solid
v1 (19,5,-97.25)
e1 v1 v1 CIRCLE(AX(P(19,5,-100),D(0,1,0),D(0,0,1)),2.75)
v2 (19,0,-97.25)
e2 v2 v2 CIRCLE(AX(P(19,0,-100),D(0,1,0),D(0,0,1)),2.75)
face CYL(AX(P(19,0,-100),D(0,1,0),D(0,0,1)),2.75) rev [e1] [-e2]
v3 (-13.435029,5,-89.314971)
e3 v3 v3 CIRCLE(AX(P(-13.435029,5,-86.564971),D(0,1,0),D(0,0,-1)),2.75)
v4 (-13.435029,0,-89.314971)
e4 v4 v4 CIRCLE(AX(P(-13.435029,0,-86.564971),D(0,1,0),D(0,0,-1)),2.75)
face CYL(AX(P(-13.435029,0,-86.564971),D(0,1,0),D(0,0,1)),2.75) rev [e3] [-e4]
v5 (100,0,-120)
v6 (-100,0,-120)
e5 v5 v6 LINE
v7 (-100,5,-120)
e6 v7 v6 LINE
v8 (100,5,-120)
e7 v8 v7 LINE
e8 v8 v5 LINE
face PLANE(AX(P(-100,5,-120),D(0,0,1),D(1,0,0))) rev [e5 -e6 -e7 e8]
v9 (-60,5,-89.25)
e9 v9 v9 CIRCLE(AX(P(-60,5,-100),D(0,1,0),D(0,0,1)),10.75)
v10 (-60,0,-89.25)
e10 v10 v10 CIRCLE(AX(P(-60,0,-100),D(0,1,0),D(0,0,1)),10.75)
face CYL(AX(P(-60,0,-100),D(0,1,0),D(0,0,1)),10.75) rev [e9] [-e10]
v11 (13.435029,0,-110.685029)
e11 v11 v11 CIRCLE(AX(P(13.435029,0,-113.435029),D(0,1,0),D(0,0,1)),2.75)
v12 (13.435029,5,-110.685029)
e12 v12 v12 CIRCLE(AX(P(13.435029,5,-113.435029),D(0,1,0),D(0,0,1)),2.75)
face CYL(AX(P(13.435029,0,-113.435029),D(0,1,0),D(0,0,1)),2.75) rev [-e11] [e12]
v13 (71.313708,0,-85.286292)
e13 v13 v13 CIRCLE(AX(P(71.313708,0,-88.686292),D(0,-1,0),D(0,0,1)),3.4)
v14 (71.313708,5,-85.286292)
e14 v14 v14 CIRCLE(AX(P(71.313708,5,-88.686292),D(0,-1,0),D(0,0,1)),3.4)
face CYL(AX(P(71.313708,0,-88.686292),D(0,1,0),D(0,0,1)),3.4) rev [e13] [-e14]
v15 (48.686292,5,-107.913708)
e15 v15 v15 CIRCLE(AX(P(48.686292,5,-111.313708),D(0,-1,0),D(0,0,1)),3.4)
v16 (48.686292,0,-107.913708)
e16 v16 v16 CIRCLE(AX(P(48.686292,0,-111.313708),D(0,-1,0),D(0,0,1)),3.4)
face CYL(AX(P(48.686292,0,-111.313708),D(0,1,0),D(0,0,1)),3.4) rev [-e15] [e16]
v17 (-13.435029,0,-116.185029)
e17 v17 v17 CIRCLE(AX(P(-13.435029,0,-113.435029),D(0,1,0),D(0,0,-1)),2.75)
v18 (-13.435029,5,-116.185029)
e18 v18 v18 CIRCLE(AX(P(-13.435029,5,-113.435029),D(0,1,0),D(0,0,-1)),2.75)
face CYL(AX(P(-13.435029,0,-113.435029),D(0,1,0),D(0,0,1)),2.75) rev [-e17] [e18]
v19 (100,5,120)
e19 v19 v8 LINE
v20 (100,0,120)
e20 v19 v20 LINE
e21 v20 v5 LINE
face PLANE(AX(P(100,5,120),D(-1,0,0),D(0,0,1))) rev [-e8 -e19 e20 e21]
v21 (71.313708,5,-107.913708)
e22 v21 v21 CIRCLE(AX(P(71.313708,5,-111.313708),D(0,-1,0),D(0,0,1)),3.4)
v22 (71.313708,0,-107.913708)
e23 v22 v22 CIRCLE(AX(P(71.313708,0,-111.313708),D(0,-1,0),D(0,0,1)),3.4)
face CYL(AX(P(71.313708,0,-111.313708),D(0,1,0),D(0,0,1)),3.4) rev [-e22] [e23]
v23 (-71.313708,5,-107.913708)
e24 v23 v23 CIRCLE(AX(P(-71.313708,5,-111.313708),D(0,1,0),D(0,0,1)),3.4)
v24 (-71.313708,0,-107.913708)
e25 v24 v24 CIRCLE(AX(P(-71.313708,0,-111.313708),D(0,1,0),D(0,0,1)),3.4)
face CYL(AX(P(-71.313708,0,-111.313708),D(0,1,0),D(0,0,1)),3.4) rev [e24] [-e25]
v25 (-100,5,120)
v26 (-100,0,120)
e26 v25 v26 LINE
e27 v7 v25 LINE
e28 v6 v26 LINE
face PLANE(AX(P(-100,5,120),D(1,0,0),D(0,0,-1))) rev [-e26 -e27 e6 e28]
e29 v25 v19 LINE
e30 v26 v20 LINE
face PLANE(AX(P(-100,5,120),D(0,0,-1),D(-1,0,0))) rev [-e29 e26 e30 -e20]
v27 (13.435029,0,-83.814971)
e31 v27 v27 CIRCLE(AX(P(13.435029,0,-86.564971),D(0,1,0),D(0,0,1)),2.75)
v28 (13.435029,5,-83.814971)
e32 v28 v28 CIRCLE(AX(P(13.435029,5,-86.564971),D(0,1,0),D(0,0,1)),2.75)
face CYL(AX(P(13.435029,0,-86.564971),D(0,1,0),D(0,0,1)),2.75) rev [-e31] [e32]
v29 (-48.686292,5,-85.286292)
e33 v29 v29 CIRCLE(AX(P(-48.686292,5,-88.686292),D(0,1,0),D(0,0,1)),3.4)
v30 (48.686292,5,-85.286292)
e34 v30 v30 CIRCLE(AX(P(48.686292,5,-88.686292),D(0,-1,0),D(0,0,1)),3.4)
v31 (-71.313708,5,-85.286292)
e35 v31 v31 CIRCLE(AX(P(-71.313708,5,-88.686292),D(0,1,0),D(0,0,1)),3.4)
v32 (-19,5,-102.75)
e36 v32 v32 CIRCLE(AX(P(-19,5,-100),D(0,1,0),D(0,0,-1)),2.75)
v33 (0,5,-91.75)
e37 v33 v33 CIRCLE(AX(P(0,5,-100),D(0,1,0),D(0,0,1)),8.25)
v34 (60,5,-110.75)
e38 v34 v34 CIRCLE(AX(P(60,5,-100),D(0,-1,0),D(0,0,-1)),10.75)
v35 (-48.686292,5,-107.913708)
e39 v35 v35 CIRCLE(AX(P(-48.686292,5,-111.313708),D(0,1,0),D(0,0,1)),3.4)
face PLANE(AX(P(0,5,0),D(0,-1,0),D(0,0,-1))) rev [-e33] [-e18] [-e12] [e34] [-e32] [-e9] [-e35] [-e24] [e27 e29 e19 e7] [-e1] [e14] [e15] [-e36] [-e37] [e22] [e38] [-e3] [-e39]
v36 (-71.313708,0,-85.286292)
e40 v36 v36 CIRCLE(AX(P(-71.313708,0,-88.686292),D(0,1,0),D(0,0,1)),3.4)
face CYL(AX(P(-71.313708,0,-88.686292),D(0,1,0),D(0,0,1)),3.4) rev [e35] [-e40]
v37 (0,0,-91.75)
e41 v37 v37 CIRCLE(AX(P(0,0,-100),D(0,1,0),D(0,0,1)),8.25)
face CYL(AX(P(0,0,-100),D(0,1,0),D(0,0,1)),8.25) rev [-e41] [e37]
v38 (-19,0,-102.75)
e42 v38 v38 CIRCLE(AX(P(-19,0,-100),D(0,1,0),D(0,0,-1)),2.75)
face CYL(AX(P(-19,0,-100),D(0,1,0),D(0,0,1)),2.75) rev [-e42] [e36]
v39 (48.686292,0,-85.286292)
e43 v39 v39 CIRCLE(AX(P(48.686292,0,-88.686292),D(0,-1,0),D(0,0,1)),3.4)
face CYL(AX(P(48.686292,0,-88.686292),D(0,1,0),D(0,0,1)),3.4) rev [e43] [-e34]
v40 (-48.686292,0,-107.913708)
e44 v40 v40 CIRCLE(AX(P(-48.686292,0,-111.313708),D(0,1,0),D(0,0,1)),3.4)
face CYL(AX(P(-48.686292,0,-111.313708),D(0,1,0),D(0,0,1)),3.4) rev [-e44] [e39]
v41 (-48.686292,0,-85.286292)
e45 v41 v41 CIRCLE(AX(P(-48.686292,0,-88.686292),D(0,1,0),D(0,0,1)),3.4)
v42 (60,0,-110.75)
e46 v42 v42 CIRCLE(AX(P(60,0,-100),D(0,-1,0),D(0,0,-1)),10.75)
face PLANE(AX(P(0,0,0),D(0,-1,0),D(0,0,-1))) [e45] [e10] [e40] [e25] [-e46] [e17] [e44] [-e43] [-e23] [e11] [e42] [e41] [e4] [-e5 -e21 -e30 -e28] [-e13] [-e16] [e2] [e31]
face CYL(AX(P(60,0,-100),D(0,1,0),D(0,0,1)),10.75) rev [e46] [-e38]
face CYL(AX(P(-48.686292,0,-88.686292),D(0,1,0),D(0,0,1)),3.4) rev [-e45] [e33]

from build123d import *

# Parameters (mm, degrees)
SKETCH1_W           = 200
SKETCH1_H           = 240
BOSS_EXTRUDE1_DEPTH = 5
SKETCH3_R           = 8.25
CUT_EXTRUDE1_DEPTH  = 6
SKETCH4_R           = 2.75
CUT_EXTRUDE2_DEPTH  = 6
SKETCH5_R           = 10.75
CUT_EXTRUDE4_DEPTH  = 6
SKETCH6_R           = 3.4
CUT_EXTRUDE5_DEPTH  = 6


with BuildPart() as part:
    # Sketch1 → Boss-Extrude1 (new body)
    with BuildSketch(Plane(origin=(0, 0, 0), x_dir=(1, 0, 0), z_dir=(0, 1, 0))):
        Rectangle(SKETCH1_W, SKETCH1_H)
    extrude(amount=BOSS_EXTRUDE1_DEPTH)

    # Sketch3 → Cut-Extrude1 (cut, through all)
    with BuildSketch(Plane(origin=(0, 5, 0), x_dir=(1, 0, 0), z_dir=(0, 1, 0))):
        with Locations((0, 100)):
            Circle(SKETCH3_R)
    extrude(amount=-CUT_EXTRUDE1_DEPTH, mode=Mode.SUBTRACT)

    # Sketch4 → Cut-Extrude2 (cut, through all)
    with BuildSketch(Plane(origin=(0, 5, 0), x_dir=(1, 0, 0), z_dir=(0, 1, 0))):
        with Locations((19, 100)):
            Circle(SKETCH4_R)
        with Locations((13.435028843, 113.435028843)):
            Circle(SKETCH4_R)
        with Locations((13.435028843, 86.564971157)):
            Circle(SKETCH4_R)
        with Locations((-13.435028843, 86.564971157)):
            Circle(SKETCH4_R)
        with Locations((-19, 100)):
            Circle(SKETCH4_R)
        with Locations((-13.435028843, 113.435028843)):
            Circle(SKETCH4_R)
    extrude(amount=-CUT_EXTRUDE2_DEPTH, mode=Mode.SUBTRACT)

    # Sketch5 → Cut-Extrude4 (cut, through all)
    with BuildSketch(Plane(origin=(0, 5, 0), x_dir=(1, 0, 0), z_dir=(0, 1, 0))):
        with Locations((-60, 100)):
            Circle(SKETCH5_R)
        with Locations((60, 100)):
            Circle(SKETCH5_R)
    extrude(amount=-CUT_EXTRUDE4_DEPTH, mode=Mode.SUBTRACT)

    # Sketch6 → Cut-Extrude5 (cut, through all)
    with BuildSketch(Plane(origin=(0, 5, 0), x_dir=(1, 0, 0), z_dir=(0, 1, 0))):
        with Locations((-48.686291501, 111.313708499)):
            Circle(SKETCH6_R)
        with Locations((-48.686291501, 88.686291501)):
            Circle(SKETCH6_R)
        with Locations((-71.313708499, 88.686291501)):
            Circle(SKETCH6_R)
        with Locations((-71.313708499, 111.313708499)):
            Circle(SKETCH6_R)
    cut_extrude5 = extrude(amount=-CUT_EXTRUDE5_DEPTH, mode=Mode.SUBTRACT)

    # Mirror1: Cut-Extrude5 across plane
    add(cut_extrude5.mirror(Plane(origin=(0, 0, 0), x_dir=(0, 0, 1), z_dir=(1, 0, 0))), mode=Mode.SUBTRACT)


solid = part.part
